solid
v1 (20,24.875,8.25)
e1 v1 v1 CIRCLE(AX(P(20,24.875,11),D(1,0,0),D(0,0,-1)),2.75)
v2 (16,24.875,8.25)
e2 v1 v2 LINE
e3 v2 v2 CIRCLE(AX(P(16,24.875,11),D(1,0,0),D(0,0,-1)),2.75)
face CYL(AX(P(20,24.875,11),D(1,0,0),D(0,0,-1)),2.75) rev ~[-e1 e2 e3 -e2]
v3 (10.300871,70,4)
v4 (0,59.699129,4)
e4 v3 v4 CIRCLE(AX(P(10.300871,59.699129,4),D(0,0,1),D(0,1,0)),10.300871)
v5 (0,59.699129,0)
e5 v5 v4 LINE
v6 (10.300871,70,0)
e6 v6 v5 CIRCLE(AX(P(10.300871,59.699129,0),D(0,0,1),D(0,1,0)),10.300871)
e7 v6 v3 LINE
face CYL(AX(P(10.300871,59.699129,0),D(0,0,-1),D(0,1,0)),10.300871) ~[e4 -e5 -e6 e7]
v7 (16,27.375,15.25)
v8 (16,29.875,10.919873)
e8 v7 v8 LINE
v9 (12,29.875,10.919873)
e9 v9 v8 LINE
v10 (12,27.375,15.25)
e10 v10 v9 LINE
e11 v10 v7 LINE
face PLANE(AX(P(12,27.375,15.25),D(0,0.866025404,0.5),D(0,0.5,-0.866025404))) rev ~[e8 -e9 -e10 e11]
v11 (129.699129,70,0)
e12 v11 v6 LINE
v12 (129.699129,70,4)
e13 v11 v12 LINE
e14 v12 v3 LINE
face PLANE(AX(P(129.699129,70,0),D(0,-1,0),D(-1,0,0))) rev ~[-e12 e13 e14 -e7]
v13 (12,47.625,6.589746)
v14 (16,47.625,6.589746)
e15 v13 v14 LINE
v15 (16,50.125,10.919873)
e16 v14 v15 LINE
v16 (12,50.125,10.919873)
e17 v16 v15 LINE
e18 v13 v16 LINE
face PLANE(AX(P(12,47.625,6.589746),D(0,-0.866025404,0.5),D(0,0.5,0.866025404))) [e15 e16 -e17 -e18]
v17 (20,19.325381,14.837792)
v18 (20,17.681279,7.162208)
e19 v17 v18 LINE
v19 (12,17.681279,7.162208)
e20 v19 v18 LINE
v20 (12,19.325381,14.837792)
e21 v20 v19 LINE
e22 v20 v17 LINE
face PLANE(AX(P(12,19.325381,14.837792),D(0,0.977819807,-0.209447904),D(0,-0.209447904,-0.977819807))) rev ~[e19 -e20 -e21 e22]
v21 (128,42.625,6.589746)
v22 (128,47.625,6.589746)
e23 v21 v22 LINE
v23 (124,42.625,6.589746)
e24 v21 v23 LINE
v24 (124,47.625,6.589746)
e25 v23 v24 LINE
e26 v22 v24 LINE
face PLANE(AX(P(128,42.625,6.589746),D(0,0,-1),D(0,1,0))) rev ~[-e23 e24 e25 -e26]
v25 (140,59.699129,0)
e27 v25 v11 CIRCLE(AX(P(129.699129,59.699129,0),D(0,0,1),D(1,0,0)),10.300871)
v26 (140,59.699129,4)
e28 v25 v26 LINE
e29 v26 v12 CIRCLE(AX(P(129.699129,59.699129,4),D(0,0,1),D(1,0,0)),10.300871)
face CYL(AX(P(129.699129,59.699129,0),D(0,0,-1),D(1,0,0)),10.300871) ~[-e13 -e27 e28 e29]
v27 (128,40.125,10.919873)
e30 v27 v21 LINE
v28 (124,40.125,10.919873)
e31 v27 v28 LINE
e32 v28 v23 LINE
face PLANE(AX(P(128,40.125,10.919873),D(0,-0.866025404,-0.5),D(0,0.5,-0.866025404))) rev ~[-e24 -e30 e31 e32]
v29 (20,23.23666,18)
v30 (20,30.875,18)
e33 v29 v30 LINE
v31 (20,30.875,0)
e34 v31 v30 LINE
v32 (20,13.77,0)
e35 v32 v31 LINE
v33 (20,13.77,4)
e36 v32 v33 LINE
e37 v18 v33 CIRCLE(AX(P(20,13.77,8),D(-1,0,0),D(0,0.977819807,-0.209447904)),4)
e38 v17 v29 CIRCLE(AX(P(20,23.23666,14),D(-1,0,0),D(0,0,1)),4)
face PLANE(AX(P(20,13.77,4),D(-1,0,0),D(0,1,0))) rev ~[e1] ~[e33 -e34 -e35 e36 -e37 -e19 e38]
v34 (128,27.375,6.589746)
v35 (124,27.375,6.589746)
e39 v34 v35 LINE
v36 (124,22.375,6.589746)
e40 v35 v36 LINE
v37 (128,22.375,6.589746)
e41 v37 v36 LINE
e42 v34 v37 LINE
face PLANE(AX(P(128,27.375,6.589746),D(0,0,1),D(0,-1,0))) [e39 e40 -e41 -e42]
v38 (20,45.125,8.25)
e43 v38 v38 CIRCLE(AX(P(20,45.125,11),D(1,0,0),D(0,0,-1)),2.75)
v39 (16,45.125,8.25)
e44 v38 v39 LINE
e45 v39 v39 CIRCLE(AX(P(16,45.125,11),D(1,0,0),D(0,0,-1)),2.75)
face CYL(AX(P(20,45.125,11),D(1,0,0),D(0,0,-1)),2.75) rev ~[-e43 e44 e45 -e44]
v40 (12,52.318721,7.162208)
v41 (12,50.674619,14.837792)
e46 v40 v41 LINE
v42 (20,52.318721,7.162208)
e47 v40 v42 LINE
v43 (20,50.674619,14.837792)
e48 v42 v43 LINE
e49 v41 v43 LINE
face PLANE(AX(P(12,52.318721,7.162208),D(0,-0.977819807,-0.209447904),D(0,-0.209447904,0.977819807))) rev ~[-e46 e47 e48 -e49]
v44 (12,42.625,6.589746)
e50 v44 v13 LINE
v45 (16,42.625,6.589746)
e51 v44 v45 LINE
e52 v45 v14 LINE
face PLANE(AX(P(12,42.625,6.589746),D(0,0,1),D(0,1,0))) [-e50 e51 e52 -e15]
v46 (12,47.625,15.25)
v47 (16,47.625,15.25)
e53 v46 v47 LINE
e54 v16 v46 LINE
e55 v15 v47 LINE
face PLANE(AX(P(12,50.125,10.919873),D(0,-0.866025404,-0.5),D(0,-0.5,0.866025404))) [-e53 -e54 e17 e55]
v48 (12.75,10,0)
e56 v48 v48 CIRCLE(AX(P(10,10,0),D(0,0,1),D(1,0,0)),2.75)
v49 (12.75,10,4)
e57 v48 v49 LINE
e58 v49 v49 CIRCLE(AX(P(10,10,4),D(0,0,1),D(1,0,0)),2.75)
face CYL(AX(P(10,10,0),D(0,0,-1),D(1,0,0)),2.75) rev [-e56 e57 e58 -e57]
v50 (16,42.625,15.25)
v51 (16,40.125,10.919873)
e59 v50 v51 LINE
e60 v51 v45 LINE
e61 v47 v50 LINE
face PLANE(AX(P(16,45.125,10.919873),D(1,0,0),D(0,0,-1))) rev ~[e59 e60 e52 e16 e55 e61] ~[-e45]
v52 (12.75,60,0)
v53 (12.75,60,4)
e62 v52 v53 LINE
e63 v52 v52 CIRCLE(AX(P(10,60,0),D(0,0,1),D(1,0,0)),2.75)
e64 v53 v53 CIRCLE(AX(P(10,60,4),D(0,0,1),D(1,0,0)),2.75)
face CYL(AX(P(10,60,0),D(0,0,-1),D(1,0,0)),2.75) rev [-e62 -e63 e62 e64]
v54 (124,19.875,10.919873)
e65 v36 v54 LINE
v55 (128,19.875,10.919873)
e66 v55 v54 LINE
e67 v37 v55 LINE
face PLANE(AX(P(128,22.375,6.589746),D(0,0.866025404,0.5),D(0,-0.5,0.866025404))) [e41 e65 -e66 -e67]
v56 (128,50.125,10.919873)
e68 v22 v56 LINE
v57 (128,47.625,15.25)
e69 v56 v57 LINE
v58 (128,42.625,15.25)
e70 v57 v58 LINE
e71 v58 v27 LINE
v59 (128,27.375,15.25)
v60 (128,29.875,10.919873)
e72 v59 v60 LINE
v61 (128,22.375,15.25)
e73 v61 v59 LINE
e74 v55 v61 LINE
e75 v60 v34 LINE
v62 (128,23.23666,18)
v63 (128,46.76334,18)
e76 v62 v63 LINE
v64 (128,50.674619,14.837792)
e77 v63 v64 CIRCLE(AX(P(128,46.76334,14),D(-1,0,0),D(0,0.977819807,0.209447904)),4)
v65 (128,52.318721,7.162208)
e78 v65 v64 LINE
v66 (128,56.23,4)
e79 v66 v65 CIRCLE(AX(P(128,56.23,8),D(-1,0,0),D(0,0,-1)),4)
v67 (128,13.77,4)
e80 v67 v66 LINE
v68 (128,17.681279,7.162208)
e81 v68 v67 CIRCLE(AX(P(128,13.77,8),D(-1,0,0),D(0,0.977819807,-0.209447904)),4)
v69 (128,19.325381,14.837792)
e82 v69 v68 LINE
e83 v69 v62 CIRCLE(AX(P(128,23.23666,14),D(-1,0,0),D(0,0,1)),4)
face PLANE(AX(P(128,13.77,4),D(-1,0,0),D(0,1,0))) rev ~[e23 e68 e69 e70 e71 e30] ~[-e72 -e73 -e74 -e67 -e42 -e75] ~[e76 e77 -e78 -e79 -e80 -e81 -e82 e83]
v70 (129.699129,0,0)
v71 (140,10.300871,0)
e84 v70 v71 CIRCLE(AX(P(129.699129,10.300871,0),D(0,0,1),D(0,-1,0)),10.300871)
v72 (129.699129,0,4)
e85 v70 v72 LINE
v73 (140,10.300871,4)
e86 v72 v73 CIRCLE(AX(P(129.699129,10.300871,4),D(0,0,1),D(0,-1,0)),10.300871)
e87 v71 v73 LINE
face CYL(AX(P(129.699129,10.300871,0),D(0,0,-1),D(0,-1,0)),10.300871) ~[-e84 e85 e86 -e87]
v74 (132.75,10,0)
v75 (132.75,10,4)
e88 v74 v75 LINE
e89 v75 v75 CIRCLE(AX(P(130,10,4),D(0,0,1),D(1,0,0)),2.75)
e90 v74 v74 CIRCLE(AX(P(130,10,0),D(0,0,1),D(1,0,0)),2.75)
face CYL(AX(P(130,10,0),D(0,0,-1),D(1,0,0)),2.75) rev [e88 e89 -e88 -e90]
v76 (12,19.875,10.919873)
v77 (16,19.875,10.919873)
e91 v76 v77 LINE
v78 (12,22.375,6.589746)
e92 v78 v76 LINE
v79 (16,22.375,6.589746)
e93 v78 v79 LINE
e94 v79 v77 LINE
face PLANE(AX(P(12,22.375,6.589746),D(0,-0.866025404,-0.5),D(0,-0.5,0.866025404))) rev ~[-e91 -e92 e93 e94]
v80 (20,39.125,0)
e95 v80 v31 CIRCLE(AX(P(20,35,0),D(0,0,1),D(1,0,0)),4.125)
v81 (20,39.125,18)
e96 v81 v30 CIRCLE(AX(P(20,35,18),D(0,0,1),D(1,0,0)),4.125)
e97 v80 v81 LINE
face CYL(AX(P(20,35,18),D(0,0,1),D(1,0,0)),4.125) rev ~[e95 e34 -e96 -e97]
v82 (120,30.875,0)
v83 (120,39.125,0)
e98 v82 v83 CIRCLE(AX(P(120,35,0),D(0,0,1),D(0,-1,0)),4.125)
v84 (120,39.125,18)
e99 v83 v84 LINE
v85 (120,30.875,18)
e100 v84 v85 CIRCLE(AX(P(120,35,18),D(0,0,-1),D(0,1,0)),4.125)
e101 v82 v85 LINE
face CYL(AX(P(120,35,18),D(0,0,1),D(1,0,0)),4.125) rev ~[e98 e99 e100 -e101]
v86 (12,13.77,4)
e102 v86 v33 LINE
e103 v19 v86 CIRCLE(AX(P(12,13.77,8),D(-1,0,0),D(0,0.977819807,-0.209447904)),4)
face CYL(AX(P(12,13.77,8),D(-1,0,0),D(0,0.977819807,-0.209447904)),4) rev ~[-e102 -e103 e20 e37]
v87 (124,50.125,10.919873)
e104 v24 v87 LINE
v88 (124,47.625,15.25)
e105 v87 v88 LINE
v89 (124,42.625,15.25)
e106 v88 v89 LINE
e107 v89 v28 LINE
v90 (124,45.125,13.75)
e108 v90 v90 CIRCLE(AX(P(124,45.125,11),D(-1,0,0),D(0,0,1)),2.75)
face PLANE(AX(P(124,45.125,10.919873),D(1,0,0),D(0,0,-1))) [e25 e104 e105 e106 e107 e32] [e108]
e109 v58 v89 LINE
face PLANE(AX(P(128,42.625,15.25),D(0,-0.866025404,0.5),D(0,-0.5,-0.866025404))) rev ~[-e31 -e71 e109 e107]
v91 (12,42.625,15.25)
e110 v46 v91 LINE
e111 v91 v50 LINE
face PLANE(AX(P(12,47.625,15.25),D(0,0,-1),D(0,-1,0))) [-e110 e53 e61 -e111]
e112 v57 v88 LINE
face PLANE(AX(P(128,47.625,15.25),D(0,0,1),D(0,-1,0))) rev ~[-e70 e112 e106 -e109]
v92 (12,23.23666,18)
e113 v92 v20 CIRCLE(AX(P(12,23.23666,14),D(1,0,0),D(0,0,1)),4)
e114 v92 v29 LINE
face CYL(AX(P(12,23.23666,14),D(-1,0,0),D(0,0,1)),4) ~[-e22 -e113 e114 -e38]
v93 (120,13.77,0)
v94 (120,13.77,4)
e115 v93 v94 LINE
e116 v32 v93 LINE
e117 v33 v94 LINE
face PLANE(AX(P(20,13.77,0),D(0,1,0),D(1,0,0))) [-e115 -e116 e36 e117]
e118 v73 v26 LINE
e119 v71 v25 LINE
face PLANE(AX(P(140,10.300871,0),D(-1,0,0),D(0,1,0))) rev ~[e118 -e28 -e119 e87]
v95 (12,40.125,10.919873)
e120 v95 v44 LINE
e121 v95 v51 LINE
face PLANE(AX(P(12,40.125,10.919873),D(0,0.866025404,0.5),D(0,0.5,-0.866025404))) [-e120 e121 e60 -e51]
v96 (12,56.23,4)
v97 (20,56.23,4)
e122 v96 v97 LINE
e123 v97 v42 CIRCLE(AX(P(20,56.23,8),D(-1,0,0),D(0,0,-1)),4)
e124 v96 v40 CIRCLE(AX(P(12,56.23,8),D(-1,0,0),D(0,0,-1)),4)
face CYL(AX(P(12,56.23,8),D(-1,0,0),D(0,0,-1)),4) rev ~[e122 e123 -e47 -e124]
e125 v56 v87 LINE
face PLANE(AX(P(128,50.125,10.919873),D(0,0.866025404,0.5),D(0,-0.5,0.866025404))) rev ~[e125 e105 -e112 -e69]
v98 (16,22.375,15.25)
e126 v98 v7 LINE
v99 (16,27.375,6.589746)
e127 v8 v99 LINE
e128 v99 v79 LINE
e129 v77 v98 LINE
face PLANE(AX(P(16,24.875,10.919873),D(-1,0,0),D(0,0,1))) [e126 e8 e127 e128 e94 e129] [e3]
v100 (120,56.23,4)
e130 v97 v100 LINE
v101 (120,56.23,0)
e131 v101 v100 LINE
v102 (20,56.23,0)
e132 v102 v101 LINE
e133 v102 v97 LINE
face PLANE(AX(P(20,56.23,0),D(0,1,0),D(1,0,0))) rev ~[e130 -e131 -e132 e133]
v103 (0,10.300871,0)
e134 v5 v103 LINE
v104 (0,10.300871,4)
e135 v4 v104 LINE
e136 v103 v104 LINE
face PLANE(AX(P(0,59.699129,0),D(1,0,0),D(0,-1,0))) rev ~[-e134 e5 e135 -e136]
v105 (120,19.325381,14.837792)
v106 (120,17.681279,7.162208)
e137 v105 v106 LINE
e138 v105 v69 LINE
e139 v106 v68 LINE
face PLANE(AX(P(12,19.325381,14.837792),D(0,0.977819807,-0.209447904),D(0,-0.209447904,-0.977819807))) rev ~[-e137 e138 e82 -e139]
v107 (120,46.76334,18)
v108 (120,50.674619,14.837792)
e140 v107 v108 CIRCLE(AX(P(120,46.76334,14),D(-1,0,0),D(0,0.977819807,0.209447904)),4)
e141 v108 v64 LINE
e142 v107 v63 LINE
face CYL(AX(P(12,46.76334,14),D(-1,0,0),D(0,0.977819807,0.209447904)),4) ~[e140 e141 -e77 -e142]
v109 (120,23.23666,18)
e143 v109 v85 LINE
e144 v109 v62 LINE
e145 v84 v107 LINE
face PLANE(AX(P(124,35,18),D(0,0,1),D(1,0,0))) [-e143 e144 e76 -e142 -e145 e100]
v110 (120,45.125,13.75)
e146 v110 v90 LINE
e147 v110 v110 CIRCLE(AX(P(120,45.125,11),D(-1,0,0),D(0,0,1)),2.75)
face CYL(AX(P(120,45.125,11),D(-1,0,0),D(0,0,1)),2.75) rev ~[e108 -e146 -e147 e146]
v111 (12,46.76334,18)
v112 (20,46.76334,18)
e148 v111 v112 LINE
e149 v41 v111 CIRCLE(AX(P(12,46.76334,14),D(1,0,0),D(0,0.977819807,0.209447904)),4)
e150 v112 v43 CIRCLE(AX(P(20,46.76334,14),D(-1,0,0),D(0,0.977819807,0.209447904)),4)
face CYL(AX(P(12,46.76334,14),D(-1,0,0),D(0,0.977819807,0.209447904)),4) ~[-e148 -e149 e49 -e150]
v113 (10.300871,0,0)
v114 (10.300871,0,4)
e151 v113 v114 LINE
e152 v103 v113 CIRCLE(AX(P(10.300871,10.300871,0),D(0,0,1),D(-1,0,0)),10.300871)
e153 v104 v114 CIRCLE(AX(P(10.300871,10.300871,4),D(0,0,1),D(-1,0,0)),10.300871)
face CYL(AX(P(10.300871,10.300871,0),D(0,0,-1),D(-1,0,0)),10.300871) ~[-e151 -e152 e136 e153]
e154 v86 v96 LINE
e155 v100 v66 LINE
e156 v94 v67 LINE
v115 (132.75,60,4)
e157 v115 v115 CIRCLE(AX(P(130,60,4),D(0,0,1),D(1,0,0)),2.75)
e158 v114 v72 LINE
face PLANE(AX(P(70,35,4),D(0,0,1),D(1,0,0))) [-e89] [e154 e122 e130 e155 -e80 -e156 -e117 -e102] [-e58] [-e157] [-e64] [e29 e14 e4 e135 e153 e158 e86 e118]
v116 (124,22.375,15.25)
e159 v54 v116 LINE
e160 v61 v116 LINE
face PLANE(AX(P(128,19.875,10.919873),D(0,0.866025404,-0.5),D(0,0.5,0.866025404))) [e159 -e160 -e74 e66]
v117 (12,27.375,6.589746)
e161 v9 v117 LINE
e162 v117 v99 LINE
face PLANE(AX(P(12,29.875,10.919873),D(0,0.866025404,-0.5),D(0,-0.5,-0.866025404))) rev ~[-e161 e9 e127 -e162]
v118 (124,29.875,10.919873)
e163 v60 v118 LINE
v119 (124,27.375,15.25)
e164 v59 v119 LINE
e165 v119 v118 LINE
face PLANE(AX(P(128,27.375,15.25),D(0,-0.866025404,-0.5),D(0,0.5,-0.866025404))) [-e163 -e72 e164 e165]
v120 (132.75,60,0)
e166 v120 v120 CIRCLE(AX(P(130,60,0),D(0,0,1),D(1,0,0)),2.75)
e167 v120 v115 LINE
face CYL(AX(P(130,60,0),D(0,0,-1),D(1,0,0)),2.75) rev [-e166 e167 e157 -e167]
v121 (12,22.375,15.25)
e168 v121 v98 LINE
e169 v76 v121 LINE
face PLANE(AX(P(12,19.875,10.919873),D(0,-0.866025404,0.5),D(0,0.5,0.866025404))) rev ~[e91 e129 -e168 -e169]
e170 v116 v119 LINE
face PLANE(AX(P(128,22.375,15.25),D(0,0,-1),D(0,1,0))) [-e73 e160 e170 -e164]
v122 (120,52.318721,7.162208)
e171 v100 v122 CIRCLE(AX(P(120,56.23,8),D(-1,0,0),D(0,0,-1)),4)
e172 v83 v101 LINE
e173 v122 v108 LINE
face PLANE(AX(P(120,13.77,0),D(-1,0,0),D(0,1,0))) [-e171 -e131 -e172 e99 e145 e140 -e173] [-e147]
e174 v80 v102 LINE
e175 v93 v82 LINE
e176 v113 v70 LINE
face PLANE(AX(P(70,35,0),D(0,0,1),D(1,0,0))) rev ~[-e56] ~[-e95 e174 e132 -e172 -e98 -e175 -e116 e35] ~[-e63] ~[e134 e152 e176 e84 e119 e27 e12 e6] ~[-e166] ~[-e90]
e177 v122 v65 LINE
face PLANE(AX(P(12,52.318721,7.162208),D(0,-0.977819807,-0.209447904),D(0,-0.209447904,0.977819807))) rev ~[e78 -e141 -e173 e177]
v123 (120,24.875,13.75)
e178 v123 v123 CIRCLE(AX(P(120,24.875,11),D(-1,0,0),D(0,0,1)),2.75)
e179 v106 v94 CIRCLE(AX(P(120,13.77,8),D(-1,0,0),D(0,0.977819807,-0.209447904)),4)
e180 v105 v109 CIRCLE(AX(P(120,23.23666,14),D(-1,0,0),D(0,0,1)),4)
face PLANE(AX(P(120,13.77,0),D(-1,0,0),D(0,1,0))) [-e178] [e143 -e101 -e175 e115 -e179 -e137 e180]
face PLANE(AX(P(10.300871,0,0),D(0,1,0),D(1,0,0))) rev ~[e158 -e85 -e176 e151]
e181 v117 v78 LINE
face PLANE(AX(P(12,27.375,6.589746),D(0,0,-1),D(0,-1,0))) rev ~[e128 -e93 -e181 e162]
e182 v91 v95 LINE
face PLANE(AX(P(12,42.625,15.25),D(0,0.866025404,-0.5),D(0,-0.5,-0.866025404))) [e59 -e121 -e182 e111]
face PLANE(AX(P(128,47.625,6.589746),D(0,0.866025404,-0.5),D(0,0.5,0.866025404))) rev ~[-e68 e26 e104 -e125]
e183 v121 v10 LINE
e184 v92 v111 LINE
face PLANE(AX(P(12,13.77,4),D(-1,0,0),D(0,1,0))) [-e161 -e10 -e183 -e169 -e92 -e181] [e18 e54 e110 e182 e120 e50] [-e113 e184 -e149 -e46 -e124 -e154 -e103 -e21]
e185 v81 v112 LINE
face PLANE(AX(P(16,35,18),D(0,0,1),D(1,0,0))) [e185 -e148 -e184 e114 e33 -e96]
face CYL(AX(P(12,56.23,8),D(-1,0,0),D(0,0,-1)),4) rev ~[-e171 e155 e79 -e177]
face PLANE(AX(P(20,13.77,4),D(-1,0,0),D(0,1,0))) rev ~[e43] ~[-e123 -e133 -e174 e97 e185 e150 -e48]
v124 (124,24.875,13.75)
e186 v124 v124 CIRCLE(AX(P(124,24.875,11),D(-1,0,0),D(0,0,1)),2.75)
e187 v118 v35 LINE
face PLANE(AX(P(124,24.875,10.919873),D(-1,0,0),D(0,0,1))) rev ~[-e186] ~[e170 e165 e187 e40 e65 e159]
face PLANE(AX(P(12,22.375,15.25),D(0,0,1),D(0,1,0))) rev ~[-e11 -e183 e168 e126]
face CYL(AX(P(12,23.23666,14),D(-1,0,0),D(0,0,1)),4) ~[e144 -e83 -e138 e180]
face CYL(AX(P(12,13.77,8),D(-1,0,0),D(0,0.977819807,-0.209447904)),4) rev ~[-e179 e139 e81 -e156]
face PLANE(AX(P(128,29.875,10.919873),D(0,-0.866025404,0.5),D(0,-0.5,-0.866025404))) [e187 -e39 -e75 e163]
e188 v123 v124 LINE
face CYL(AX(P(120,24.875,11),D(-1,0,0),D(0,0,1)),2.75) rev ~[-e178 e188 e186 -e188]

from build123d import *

# Parameters (mm, degrees)
SKETCH1_R           = 2.75
SKETCH1_W           = 100
SKETCH1_H           = 42.46
BOSS_EXTRUDE2_DEPTH = 4
SKETCH4_W           = 8
SKETCH4_H           = 42.46
BOSS_EXTRUDE3_DEPTH = 14
SKETCH5_R           = 4.125
CUT_EXTRUDE2_DEPTH  = 19
SKETCH7_R           = 2.75
CUT_EXTRUDE3_DEPTH  = 4
SKETCH8_R           = 2.75
CUT_EXTRUDE4_DEPTH  = 4
CUT_EXTRUDE8_DEPTH  = 4
CUT_EXTRUDE9_DEPTH  = 4
CUT_EXTRUDE12_DEPTH = 129


with BuildPart() as part:
    # Sketch1 → Boss-Extrude2 (new body)
    with BuildSketch(Plane.XY):
        with BuildLine():
            Line((140, 10.300871341), (140, 59.699128659))
            ThreePointArc((140, 59.699128659), (136.982944636, 66.982944636), (129.699128659, 70))
            Line((129.699128659, 70), (10.300871341, 70))
            ThreePointArc((10.300871341, 70), (3.017055364, 66.982944636), (0, 59.699128659))
            Line((0, 59.699128659), (0, 10.300871341))
            ThreePointArc((0, 10.300871341), (3.017055364, 3.017055364), (10.300871341, 0))
            Line((10.300871341, 0), (129.699128659, 0))
            ThreePointArc((129.699128659, 0), (136.982944636, 3.017055364), (140, 10.300871341))
        make_face()
        with Locations((10, 10)):
            Circle(SKETCH1_R, mode=Mode.SUBTRACT)
        with Locations((130, 10)):
            Circle(SKETCH1_R, mode=Mode.SUBTRACT)
        with Locations((10, 60)):
            Circle(SKETCH1_R, mode=Mode.SUBTRACT)
        with Locations((70, 35)):
            Rectangle(SKETCH1_W, SKETCH1_H, mode=Mode.SUBTRACT)
        with Locations((130, 60)):
            Circle(SKETCH1_R, mode=Mode.SUBTRACT)
    extrude(amount=BOSS_EXTRUDE2_DEPTH)

    # Sketch4 → Boss-Extrude3 (add)
    with BuildSketch(Plane.XY.offset(4)):
        with Locations((16, 35)):
            Rectangle(SKETCH4_W, SKETCH4_H)
        with Locations((124, 35)):
            Rectangle(SKETCH4_W, SKETCH4_H)
    extrude(amount=BOSS_EXTRUDE3_DEPTH)

    # Sketch5 → Cut-Extrude2 (cut, through all)
    with BuildSketch(Plane.XY.offset(18)):
        with Locations((20, 35)):
            Circle(SKETCH5_R)
        with Locations((120, 35)):
            Circle(SKETCH5_R)
    extrude(amount=-CUT_EXTRUDE2_DEPTH, mode=Mode.SUBTRACT)

    # Sketch7 → Cut-Extrude3 (cut)
    with BuildSketch(Plane(origin=(20, 0, 0), x_dir=(0, 0, -1), z_dir=(1, 0, 0))):
        with Locations((-11, 24.875)):
            Circle(SKETCH7_R)
        with Locations((-11, 45.125)):
            Circle(SKETCH7_R)
    extrude(amount=-CUT_EXTRUDE3_DEPTH, mode=Mode.SUBTRACT)

    # Sketch8 → Cut-Extrude4 (cut)
    with BuildSketch(Plane.ZY.offset(-120)):
        with Locations((11, 24.875)):
            Circle(SKETCH8_R)
        with Locations((11, 45.125)):
            Circle(SKETCH8_R)
    extrude(amount=-CUT_EXTRUDE4_DEPTH, mode=Mode.SUBTRACT)

    # Sketch12 → Cut-Extrude8 (cut)
    with BuildSketch(Plane.ZY.offset(-12)):
        Polygon((10.919872981, 19.875), (15.25, 22.375), (15.25, 27.375), (10.919872981, 29.875), (6.589745962, 27.375), (6.589745962, 22.375), align=None)
        Polygon((10.919872981, 40.125), (6.589745962, 42.625), (6.589745962, 47.625), (10.919872981, 50.125), (15.25, 47.625), (15.25, 42.625), align=None)
    extrude(amount=-CUT_EXTRUDE8_DEPTH, mode=Mode.SUBTRACT)

    # Sketch15 → Cut-Extrude9 (cut)
    with BuildSketch(Plane(origin=(128, 0, 0), x_dir=(0, 0, -1), z_dir=(1, 0, 0))):
        Polygon((-10.919872981, 19.875), (-15.25, 22.375), (-15.25, 27.375), (-10.919872981, 29.875), (-6.589745962, 27.375), (-6.589745962, 22.375), align=None)
        Polygon((-15.25, 47.625), (-15.25, 42.625), (-10.919872981, 40.125), (-6.589745962, 42.625), (-6.589745962, 47.625), (-10.919872981, 50.125), align=None)
    extrude(amount=-CUT_EXTRUDE9_DEPTH, mode=Mode.SUBTRACT)

    # Sketch16 → Cut-Extrude12 (cut, through all)
    with BuildSketch(Plane.ZY.offset(-12)):
        with BuildLine():
            Line((18, 13.77), (18, 23.236659765))
            ThreePointArc((18, 23.236659765), (17.110559955, 20.721820453), (14.837791617, 19.325380536))
            Line((14.837791617, 19.325380536), (7.162208383, 17.681279229))
            ThreePointArc((7.162208383, 17.681279229), (4.889440045, 16.284839312), (4, 13.77))
            Line((4, 13.77), (18, 13.77))
        make_face()
        with BuildLine():
            ThreePointArc((4, 56.23), (4.889440045, 53.715160688), (7.162208383, 52.318720771))
            Line((7.162208383, 52.318720771), (14.837791617, 50.674619464))
            ThreePointArc((14.837791617, 50.674619464), (17.110559955, 49.278179547), (18, 46.763340235))
            Line((18, 46.763340235), (18, 56.23))
            Line((18, 56.23), (4, 56.23))
        make_face()
    extrude(amount=-CUT_EXTRUDE12_DEPTH, mode=Mode.SUBTRACT)


solid = part.part
